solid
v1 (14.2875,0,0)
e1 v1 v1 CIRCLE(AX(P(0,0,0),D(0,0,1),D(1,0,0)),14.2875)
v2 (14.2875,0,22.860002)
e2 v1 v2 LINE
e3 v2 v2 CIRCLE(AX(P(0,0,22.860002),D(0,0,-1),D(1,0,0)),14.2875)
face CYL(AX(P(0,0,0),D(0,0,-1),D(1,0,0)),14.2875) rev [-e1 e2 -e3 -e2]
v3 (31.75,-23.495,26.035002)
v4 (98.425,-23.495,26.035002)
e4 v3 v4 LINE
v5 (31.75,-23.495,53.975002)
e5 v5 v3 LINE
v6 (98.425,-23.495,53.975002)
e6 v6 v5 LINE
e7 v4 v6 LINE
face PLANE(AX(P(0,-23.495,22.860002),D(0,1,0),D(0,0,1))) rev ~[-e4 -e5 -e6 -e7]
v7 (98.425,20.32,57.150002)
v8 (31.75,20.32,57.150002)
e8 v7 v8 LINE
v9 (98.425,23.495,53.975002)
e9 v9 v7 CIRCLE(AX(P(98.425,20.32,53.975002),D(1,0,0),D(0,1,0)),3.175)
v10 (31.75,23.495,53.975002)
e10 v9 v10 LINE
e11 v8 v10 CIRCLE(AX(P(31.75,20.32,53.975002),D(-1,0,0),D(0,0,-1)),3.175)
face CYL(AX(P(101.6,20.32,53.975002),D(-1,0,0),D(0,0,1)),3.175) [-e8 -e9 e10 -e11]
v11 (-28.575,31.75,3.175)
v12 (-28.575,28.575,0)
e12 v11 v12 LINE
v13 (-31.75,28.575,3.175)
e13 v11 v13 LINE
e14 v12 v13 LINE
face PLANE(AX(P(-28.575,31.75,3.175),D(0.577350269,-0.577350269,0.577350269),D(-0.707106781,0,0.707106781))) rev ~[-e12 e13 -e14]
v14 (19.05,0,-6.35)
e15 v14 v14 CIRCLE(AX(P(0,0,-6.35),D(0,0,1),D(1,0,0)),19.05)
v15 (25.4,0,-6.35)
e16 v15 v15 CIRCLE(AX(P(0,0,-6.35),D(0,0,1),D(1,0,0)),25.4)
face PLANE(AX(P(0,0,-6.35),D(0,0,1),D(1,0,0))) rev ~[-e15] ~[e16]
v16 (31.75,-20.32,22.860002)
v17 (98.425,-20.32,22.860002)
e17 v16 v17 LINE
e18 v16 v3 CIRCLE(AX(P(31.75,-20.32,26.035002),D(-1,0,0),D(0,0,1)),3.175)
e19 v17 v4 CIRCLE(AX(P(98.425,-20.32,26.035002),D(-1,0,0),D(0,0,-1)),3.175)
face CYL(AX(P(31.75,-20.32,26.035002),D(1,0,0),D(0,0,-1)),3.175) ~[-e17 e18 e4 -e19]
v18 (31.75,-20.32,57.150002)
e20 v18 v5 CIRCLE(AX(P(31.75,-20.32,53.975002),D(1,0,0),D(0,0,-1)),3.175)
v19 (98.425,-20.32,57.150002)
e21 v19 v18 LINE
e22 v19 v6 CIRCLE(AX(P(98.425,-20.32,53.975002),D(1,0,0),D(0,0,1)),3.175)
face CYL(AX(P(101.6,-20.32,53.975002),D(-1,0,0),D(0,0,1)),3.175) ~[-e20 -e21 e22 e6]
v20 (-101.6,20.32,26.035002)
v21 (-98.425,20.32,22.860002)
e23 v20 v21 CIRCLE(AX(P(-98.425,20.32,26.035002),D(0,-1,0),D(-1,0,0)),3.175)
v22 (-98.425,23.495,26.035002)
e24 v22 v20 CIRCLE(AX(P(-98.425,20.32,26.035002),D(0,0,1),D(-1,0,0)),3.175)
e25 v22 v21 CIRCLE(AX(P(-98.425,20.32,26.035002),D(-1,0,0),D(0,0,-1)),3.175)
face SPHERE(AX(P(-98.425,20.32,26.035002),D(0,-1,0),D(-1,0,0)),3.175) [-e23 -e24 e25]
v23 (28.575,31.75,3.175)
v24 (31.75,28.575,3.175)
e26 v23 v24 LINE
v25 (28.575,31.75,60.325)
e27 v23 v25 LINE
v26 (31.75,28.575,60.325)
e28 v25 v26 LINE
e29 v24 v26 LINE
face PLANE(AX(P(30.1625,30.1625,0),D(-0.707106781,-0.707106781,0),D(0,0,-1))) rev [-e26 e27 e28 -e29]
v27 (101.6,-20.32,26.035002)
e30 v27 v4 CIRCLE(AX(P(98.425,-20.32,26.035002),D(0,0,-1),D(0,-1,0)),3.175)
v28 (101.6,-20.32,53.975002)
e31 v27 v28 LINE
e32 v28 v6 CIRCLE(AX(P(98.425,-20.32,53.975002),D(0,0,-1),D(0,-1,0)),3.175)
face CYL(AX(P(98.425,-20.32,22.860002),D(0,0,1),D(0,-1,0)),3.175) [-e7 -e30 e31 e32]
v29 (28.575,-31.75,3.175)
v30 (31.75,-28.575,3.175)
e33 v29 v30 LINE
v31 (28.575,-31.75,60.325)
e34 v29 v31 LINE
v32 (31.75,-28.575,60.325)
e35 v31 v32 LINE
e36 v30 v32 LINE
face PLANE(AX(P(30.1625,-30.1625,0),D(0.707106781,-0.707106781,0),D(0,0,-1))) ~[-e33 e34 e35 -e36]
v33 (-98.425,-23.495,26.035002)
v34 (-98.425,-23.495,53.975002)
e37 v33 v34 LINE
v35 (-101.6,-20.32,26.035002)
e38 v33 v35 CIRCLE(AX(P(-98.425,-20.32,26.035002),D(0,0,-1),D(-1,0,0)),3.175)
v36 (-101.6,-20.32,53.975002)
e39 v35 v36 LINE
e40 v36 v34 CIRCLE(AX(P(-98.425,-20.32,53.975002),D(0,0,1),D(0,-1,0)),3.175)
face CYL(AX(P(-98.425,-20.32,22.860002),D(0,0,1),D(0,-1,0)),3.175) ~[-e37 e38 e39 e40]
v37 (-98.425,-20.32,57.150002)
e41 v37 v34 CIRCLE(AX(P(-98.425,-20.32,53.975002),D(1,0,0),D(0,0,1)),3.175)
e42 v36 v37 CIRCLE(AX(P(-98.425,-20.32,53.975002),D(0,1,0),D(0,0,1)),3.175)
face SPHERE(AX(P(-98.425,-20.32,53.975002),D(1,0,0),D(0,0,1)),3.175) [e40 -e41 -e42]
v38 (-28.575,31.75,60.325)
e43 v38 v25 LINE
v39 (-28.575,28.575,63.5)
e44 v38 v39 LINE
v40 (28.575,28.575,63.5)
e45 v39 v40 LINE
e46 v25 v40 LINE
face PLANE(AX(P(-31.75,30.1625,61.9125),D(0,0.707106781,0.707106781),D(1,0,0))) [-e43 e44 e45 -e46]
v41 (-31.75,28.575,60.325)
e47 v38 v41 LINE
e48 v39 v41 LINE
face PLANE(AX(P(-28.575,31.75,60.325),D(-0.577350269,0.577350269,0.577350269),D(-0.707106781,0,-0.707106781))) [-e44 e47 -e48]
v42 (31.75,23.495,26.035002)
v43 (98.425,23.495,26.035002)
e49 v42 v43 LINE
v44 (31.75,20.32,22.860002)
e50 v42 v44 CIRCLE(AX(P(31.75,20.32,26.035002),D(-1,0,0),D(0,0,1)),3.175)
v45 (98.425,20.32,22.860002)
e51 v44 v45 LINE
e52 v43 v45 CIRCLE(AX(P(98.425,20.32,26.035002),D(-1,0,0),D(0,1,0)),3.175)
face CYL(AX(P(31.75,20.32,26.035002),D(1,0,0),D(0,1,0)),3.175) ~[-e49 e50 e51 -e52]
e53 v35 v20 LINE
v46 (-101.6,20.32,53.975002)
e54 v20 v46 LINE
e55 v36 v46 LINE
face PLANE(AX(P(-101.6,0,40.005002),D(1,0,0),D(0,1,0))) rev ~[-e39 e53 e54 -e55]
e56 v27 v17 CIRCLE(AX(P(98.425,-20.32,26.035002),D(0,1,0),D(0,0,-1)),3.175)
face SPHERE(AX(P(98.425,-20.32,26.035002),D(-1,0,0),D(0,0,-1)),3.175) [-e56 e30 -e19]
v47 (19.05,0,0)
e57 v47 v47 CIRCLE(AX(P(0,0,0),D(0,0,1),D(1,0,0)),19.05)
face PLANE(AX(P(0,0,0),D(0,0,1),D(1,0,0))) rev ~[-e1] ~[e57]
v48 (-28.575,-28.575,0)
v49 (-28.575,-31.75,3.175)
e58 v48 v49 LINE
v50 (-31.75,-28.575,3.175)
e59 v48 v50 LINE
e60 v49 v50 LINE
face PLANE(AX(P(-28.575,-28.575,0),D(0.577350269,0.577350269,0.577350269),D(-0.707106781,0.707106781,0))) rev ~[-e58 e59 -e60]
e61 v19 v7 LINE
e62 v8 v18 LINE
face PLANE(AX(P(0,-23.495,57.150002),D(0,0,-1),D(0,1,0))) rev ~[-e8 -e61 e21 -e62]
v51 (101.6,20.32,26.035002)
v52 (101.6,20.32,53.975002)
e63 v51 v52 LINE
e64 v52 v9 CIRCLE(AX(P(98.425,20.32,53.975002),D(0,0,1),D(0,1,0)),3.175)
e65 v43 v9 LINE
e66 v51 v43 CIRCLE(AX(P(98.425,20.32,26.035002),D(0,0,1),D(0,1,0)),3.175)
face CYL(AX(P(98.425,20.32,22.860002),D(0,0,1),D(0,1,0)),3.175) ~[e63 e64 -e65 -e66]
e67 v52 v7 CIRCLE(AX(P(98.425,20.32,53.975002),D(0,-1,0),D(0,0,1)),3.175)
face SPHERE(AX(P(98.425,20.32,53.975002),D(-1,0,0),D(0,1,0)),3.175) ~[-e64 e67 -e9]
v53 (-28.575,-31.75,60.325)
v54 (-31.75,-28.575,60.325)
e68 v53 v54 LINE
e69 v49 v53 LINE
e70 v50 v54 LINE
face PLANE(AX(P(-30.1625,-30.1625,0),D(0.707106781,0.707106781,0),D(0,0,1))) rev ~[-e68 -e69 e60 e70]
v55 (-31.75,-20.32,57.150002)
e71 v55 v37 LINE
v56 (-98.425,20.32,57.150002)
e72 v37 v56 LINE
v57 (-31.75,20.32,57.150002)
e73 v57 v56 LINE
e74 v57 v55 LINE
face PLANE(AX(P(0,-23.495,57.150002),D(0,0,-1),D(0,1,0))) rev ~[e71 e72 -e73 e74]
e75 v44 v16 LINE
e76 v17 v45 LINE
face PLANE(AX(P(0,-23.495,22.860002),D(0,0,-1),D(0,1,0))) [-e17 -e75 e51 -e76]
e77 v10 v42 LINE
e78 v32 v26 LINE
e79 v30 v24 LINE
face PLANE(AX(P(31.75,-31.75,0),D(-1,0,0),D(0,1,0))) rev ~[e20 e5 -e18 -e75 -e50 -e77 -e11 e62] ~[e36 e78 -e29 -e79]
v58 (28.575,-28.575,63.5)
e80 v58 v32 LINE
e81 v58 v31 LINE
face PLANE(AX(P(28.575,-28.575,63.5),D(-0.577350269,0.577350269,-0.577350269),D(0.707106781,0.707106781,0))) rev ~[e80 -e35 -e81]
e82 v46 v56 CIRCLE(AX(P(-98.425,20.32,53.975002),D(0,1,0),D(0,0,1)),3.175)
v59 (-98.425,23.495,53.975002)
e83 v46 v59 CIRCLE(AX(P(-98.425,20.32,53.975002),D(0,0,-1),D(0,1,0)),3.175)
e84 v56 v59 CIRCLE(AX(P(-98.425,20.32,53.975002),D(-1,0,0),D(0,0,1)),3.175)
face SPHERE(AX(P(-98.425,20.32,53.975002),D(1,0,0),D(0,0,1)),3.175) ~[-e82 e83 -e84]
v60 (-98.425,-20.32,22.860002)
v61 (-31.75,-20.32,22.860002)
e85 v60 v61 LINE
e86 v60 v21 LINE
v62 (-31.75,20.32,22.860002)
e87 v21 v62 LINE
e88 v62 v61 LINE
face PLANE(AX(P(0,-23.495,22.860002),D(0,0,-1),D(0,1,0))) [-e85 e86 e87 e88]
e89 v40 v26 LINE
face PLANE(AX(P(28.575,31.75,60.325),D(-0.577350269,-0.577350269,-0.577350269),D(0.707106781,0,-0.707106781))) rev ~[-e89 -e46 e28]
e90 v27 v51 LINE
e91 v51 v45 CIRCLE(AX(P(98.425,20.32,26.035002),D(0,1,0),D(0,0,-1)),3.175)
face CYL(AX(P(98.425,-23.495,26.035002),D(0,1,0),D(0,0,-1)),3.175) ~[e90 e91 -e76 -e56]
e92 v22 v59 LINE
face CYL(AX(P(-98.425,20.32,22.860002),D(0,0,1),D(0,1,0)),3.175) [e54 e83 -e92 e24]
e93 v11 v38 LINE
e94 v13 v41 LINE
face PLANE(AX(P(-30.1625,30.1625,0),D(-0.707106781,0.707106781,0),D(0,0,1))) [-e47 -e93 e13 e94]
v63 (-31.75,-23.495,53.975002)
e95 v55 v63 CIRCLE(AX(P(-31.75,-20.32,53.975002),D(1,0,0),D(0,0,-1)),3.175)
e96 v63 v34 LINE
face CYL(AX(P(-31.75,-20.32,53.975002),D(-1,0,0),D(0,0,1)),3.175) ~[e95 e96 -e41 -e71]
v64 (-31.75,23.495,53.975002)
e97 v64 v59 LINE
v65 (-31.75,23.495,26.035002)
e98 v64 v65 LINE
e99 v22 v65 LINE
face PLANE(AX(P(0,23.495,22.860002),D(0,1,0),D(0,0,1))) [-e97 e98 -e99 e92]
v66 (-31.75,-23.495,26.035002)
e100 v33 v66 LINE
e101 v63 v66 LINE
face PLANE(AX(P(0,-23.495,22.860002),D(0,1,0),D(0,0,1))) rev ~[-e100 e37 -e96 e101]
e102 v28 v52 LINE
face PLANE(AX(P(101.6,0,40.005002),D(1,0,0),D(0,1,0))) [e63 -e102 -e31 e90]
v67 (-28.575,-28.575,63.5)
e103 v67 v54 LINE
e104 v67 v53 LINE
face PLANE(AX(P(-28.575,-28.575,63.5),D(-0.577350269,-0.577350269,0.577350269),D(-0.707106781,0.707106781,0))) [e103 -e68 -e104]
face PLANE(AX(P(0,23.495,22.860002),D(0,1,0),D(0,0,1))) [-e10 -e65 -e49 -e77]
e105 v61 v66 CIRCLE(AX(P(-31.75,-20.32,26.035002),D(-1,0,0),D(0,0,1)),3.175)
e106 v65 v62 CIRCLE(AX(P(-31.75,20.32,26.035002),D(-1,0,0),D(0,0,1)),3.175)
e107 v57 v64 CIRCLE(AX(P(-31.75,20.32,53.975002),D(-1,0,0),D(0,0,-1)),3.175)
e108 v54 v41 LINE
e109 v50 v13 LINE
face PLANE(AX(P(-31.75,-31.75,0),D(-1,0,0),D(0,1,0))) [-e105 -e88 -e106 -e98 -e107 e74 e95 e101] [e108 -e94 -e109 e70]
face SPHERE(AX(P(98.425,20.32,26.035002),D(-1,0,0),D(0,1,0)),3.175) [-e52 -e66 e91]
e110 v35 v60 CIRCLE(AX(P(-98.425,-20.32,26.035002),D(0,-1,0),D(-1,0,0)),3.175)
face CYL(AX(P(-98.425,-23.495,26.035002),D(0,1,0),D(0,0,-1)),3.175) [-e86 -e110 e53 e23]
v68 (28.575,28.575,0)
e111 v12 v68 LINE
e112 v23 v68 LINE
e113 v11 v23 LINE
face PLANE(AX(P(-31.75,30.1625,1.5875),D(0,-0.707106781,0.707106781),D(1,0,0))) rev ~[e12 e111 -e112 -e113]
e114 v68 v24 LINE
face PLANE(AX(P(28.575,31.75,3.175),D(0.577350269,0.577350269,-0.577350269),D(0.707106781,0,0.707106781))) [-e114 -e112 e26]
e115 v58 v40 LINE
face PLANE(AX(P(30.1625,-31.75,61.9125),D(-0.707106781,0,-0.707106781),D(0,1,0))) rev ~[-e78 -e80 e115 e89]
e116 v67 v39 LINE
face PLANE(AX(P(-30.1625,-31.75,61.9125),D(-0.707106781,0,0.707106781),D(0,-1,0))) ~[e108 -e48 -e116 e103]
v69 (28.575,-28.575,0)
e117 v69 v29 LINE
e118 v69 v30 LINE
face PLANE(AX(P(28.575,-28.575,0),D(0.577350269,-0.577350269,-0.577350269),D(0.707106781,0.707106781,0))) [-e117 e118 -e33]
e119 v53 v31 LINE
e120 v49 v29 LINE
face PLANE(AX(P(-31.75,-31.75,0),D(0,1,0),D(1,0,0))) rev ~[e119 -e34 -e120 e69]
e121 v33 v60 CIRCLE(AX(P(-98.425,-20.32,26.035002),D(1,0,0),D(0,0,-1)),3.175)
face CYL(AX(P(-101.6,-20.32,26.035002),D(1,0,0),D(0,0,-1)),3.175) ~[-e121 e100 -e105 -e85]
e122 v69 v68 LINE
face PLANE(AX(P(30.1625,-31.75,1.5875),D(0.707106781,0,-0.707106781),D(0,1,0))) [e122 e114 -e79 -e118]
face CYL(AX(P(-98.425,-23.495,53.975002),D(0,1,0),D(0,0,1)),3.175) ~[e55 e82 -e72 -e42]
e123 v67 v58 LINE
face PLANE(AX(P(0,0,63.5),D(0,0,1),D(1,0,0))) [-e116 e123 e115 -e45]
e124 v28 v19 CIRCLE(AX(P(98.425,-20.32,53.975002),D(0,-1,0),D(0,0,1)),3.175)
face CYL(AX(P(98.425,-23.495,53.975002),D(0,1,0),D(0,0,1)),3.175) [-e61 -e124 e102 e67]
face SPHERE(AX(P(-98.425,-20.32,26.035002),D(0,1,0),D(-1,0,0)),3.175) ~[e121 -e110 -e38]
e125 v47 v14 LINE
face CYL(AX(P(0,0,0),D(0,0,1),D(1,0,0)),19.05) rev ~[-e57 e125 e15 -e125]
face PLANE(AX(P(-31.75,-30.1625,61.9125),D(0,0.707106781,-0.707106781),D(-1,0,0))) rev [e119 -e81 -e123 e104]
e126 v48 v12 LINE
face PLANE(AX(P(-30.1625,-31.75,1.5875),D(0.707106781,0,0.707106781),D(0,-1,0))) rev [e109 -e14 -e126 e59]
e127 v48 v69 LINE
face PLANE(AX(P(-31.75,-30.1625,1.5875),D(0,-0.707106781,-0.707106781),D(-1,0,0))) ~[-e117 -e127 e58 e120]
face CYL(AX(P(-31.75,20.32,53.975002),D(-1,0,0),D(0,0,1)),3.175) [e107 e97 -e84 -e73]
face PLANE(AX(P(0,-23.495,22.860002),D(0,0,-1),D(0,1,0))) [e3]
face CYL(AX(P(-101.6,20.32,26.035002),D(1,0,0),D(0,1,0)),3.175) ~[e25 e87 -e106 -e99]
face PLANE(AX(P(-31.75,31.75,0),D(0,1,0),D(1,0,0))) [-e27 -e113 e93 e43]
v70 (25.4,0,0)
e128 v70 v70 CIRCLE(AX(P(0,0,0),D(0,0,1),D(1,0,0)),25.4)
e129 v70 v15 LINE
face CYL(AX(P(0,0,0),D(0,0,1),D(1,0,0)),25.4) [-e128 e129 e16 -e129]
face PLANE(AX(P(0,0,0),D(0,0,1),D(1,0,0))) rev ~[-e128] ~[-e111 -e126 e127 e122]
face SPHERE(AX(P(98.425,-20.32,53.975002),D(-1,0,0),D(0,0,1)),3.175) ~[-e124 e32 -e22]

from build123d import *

# Parameters (mm, degrees)
F0_W     = 63.5
F0_H     = 63.5
F1_DEPTH = 63.5
F2_R     = 14.2875
F3_DEPTH = 50.8
F2_R_2   = 25.4
F2_R_3   = 19.05
F4_DEPTH = 6.35
F5_W     = 46.99
F5_H     = 34.29
F6_DEPTH = 101.6
F7_SIZE  = 3.175
F8_R     = 3.175


with BuildPart() as f1:
    # F0 (on Top) → F1 (new body)
    with BuildSketch(Plane.XY):
        Rectangle(F0_W, F0_H)
    extrude(amount=F1_DEPTH)

    # F2 (on Top) → F3 (cut)
    with BuildSketch(Plane.XY):
        Circle(F2_R)
    extrude(amount=F3_DEPTH, mode=Mode.SUBTRACT)

    # F2 (on Top) → F4 (join)
    with BuildSketch(Plane.XY):
        Circle(F2_R_2)
        Circle(F2_R_3, mode=Mode.SUBTRACT)
    extrude(amount=-F4_DEPTH)

    # F5 (on Right) → F6 (join, symmetric)
    with BuildSketch(Plane.YZ):
        with Locations((0, 40.005002)):
            Rectangle(F5_W, F5_H)
    extrude(amount=F6_DEPTH, both=True)

    # F7
    f7_edges = [f1.edges().sort_by_distance(p)[0] for p in [
        (-31.75, -31.75, 31.75),
        (31.75, -31.75, 31.75),
        (0, -31.75, 0),
        (0, -31.75, 63.5),
        (31.75, 0, 63.5),
        (31.75, 0, 0),
        (-31.75, 0, 63.5),
        (0, 31.75, 63.5),
        (-31.75, 0, 0),
        (0, 31.75, 0),
        (-31.75, 31.75, 31.75),
        (31.75, 31.75, 31.75),
    ]]
    chamfer(f7_edges, length=F7_SIZE)

    # F8
    f8_edges = [f1.edges().sort_by_distance(p)[0] for p in [
        (66.675, -23.495, 57.150002),
        (-66.675, -23.495, 57.150002),
        (66.675, 23.495, 57.150002),
        (-66.675, 23.495, 57.150002),
        (-101.6, 0, 57.150002),
        (-101.6, 0, 22.860002),
        (-101.6, -23.495, 40.005002),
        (-101.6, 23.495, 40.005002),
        (66.675, -23.495, 22.860002),
        (-66.675, -23.495, 22.860002),
        (66.675, 23.495, 22.860002),
        (-66.675, 23.495, 22.860002),
        (101.6, 23.495, 40.005002),
        (101.6, 0, 57.150002),
        (101.6, 0, 22.860002),
        (101.6, -23.495, 40.005002),
    ]]
    fillet(f8_edges, radius=F8_R)


solid = f1.part
